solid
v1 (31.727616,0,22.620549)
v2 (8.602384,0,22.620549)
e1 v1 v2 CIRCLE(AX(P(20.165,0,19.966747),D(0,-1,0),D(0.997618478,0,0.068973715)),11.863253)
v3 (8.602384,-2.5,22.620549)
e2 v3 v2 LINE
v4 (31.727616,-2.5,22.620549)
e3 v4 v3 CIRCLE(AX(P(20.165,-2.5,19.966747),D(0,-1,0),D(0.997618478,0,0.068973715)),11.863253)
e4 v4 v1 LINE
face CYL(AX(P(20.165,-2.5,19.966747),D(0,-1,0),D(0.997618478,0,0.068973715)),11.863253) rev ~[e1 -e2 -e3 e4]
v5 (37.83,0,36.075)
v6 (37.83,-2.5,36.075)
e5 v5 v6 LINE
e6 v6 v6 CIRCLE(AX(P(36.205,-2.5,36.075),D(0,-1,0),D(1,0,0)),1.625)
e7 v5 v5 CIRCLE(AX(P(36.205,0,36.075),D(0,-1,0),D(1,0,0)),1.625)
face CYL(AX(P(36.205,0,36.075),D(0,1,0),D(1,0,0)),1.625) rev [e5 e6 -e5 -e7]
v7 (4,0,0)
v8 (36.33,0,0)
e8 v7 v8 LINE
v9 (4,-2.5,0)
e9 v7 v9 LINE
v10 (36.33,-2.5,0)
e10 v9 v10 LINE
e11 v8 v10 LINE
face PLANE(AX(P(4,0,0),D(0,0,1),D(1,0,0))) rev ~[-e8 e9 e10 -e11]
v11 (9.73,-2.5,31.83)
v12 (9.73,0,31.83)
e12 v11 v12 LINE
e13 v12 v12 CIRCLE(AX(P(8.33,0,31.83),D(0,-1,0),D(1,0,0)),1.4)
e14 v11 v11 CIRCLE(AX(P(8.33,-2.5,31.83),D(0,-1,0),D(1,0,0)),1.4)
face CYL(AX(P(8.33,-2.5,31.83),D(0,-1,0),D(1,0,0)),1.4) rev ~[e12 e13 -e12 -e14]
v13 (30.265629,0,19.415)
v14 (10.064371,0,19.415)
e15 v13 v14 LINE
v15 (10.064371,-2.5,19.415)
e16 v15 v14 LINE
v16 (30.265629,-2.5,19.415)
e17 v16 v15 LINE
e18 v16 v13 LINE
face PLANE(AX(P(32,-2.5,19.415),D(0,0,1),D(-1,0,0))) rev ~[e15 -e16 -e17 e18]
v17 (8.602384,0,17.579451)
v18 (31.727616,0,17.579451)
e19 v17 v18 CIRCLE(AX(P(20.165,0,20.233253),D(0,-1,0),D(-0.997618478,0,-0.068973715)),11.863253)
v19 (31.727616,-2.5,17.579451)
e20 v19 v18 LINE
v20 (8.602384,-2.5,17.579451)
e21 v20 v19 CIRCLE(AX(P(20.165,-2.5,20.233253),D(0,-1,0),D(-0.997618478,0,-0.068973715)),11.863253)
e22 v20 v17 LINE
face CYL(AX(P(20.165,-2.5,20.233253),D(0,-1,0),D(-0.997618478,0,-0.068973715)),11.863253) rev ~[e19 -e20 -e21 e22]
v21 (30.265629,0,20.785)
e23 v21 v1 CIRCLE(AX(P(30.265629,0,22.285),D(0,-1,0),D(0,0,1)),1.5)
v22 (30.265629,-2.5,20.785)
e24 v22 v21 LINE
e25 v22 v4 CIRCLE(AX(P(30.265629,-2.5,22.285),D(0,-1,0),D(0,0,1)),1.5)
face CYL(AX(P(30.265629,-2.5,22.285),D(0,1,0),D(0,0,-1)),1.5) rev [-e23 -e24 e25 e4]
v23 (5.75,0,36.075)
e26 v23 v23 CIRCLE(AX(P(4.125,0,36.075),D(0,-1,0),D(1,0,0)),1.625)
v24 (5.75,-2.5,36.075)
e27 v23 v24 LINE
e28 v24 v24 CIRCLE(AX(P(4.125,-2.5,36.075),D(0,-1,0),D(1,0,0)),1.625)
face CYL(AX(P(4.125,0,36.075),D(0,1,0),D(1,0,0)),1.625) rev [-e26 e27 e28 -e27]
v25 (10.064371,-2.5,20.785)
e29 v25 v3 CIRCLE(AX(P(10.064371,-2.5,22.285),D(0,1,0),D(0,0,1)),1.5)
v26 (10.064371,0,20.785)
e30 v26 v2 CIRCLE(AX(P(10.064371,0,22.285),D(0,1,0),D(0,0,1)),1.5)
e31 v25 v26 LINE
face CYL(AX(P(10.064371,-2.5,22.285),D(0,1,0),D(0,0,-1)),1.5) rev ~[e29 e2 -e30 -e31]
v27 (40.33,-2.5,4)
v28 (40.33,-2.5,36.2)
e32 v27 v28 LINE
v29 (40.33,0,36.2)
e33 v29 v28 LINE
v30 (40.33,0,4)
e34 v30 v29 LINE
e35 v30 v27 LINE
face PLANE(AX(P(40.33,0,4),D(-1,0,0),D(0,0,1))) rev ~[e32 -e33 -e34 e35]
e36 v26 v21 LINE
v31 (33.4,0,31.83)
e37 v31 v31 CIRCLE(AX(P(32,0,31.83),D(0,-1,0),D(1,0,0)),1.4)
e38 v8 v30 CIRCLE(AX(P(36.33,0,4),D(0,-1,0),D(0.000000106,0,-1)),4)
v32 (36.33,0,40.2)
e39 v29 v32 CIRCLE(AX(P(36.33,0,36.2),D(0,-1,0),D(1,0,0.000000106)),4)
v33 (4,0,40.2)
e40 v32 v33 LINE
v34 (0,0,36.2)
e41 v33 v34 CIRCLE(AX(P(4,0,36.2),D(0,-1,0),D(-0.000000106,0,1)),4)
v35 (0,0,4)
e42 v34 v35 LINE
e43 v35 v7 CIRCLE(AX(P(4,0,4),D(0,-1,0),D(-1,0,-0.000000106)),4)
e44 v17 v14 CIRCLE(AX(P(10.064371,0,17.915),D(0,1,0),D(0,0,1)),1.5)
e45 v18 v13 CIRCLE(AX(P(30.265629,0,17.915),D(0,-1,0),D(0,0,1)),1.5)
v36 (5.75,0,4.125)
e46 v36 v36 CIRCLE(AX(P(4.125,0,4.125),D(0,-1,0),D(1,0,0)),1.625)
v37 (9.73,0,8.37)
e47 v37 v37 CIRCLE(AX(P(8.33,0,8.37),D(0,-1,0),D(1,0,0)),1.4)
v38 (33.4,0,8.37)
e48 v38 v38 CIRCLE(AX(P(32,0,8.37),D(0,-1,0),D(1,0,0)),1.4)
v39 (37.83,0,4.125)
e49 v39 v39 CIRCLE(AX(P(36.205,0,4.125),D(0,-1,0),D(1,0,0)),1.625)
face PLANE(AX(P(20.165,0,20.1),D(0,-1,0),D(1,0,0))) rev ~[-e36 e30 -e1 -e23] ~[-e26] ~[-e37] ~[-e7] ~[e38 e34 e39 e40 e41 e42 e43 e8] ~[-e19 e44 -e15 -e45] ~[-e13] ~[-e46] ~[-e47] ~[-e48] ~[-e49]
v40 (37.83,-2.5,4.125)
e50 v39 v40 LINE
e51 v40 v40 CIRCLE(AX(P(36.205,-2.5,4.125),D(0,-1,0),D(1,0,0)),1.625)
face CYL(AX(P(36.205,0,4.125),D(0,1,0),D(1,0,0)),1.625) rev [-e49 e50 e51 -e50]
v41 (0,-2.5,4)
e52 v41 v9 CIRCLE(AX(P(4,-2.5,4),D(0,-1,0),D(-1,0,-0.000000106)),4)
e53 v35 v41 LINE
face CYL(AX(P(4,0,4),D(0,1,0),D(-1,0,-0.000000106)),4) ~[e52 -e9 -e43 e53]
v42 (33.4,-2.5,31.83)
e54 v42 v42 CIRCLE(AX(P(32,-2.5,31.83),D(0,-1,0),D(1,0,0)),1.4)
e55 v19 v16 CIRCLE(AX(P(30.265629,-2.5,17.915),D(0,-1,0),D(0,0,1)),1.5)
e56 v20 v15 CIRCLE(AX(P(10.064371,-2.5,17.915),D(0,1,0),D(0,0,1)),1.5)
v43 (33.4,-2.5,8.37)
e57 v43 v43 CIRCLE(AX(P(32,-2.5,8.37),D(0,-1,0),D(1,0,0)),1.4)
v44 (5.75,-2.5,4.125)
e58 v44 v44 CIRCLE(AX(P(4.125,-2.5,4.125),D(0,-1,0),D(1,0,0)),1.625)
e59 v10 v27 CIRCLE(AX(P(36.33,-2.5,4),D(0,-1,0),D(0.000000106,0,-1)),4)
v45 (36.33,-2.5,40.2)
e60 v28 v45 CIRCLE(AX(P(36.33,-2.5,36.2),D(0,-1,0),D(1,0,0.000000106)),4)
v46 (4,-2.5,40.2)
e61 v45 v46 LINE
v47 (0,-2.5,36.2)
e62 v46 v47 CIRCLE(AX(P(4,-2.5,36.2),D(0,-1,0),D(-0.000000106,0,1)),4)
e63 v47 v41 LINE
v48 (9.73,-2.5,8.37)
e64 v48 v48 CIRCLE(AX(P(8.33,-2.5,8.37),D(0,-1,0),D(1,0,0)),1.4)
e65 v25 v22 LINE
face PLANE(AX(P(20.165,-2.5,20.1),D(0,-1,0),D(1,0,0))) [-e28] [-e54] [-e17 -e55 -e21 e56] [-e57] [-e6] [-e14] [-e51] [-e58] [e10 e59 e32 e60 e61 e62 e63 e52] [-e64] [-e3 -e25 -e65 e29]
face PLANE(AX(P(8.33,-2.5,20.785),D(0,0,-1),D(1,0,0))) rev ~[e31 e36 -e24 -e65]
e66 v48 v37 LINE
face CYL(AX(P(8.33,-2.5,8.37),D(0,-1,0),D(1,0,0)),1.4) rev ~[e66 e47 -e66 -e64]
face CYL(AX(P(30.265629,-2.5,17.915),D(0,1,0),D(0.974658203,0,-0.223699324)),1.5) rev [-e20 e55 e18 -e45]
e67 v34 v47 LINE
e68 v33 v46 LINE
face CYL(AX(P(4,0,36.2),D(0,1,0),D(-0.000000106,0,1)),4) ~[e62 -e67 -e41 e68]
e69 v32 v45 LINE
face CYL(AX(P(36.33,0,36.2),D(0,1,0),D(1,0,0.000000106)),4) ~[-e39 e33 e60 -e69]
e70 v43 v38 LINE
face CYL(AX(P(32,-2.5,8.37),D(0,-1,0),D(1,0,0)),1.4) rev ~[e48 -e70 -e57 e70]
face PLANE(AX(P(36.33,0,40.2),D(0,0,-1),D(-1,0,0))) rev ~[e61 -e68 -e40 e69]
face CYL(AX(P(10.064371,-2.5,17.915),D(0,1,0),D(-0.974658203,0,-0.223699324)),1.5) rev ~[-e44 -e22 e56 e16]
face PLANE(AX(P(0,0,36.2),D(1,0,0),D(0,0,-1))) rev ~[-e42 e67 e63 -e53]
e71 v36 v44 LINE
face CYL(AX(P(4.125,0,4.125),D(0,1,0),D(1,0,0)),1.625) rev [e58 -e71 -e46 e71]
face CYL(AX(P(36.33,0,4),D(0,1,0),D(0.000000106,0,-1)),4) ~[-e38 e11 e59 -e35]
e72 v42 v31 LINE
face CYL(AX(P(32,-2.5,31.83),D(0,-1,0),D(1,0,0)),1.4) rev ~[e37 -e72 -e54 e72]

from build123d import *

# Parameters (mm, degrees)
F0_R     = 1.625
F1_DEPTH = 2.5
F2_R     = 1.4
F3_DEPTH = 2.501
F4_R     = 1.5


with BuildPart() as f1:
    # F0 (on Front) → F1 (new body)
    with BuildSketch(Plane.XZ):
        with BuildLine():
            ThreePointArc((0, 4), (1.171573, 1.171573), (4, 0))
            Line((4, 0), (36.33, 0))
            ThreePointArc((36.33, 0), (39.158427, 1.171573), (40.33, 4))
            Line((40.33, 4), (40.33, 36.2))
            ThreePointArc((40.33, 36.2), (39.158427, 39.028427), (36.33, 40.2))
            Line((36.33, 40.2), (4, 40.2))
            ThreePointArc((4, 40.2), (1.171573, 39.028427), (0, 36.2))
            Line((0, 36.2), (0, 4))
        make_face()
        with Locations((4.125, 4.125)):
            Circle(F0_R, mode=Mode.SUBTRACT)
        with Locations((36.205, 4.125)):
            Circle(F0_R, mode=Mode.SUBTRACT)
        with Locations((4.125, 36.075)):
            Circle(F0_R, mode=Mode.SUBTRACT)
        with Locations((36.205, 36.075)):
            Circle(F0_R, mode=Mode.SUBTRACT)
    extrude(amount=F1_DEPTH)

    # F2 (on face) → F3 (cut, through all)
    with BuildSketch(Plane.XZ.offset(2.5)):
        with Locations((8.33, 31.83)):
            Circle(F2_R)
        with Locations((32, 31.83)):
            Circle(F2_R)
        with Locations((32, 8.37)):
            Circle(F2_R)
        with Locations((8.33, 8.37)):
            Circle(F2_R)
        with BuildLine():
            ThreePointArc((8.33, 19.415), (20.165, 8.37), (32, 19.415))
            Line((32, 19.415), (8.33, 19.415))
        make_face()
        with BuildLine():
            Line((8.33, 20.785), (32, 20.785))
            ThreePointArc((32, 20.785), (20.165, 31.83), (8.33, 20.785))
        make_face()
    extrude(amount=-F3_DEPTH, mode=Mode.SUBTRACT)

    # F4
    f4_edges = [f1.edges().sort_by_distance(p)[0] for p in [
        (8.33, -1.25, 20.785),
        (32, -1.25, 20.785),
        (32, -1.25, 19.415),
        (8.33, -1.25, 19.415),
    ]]
    fillet(f4_edges, radius=F4_R)


solid = f1.part
